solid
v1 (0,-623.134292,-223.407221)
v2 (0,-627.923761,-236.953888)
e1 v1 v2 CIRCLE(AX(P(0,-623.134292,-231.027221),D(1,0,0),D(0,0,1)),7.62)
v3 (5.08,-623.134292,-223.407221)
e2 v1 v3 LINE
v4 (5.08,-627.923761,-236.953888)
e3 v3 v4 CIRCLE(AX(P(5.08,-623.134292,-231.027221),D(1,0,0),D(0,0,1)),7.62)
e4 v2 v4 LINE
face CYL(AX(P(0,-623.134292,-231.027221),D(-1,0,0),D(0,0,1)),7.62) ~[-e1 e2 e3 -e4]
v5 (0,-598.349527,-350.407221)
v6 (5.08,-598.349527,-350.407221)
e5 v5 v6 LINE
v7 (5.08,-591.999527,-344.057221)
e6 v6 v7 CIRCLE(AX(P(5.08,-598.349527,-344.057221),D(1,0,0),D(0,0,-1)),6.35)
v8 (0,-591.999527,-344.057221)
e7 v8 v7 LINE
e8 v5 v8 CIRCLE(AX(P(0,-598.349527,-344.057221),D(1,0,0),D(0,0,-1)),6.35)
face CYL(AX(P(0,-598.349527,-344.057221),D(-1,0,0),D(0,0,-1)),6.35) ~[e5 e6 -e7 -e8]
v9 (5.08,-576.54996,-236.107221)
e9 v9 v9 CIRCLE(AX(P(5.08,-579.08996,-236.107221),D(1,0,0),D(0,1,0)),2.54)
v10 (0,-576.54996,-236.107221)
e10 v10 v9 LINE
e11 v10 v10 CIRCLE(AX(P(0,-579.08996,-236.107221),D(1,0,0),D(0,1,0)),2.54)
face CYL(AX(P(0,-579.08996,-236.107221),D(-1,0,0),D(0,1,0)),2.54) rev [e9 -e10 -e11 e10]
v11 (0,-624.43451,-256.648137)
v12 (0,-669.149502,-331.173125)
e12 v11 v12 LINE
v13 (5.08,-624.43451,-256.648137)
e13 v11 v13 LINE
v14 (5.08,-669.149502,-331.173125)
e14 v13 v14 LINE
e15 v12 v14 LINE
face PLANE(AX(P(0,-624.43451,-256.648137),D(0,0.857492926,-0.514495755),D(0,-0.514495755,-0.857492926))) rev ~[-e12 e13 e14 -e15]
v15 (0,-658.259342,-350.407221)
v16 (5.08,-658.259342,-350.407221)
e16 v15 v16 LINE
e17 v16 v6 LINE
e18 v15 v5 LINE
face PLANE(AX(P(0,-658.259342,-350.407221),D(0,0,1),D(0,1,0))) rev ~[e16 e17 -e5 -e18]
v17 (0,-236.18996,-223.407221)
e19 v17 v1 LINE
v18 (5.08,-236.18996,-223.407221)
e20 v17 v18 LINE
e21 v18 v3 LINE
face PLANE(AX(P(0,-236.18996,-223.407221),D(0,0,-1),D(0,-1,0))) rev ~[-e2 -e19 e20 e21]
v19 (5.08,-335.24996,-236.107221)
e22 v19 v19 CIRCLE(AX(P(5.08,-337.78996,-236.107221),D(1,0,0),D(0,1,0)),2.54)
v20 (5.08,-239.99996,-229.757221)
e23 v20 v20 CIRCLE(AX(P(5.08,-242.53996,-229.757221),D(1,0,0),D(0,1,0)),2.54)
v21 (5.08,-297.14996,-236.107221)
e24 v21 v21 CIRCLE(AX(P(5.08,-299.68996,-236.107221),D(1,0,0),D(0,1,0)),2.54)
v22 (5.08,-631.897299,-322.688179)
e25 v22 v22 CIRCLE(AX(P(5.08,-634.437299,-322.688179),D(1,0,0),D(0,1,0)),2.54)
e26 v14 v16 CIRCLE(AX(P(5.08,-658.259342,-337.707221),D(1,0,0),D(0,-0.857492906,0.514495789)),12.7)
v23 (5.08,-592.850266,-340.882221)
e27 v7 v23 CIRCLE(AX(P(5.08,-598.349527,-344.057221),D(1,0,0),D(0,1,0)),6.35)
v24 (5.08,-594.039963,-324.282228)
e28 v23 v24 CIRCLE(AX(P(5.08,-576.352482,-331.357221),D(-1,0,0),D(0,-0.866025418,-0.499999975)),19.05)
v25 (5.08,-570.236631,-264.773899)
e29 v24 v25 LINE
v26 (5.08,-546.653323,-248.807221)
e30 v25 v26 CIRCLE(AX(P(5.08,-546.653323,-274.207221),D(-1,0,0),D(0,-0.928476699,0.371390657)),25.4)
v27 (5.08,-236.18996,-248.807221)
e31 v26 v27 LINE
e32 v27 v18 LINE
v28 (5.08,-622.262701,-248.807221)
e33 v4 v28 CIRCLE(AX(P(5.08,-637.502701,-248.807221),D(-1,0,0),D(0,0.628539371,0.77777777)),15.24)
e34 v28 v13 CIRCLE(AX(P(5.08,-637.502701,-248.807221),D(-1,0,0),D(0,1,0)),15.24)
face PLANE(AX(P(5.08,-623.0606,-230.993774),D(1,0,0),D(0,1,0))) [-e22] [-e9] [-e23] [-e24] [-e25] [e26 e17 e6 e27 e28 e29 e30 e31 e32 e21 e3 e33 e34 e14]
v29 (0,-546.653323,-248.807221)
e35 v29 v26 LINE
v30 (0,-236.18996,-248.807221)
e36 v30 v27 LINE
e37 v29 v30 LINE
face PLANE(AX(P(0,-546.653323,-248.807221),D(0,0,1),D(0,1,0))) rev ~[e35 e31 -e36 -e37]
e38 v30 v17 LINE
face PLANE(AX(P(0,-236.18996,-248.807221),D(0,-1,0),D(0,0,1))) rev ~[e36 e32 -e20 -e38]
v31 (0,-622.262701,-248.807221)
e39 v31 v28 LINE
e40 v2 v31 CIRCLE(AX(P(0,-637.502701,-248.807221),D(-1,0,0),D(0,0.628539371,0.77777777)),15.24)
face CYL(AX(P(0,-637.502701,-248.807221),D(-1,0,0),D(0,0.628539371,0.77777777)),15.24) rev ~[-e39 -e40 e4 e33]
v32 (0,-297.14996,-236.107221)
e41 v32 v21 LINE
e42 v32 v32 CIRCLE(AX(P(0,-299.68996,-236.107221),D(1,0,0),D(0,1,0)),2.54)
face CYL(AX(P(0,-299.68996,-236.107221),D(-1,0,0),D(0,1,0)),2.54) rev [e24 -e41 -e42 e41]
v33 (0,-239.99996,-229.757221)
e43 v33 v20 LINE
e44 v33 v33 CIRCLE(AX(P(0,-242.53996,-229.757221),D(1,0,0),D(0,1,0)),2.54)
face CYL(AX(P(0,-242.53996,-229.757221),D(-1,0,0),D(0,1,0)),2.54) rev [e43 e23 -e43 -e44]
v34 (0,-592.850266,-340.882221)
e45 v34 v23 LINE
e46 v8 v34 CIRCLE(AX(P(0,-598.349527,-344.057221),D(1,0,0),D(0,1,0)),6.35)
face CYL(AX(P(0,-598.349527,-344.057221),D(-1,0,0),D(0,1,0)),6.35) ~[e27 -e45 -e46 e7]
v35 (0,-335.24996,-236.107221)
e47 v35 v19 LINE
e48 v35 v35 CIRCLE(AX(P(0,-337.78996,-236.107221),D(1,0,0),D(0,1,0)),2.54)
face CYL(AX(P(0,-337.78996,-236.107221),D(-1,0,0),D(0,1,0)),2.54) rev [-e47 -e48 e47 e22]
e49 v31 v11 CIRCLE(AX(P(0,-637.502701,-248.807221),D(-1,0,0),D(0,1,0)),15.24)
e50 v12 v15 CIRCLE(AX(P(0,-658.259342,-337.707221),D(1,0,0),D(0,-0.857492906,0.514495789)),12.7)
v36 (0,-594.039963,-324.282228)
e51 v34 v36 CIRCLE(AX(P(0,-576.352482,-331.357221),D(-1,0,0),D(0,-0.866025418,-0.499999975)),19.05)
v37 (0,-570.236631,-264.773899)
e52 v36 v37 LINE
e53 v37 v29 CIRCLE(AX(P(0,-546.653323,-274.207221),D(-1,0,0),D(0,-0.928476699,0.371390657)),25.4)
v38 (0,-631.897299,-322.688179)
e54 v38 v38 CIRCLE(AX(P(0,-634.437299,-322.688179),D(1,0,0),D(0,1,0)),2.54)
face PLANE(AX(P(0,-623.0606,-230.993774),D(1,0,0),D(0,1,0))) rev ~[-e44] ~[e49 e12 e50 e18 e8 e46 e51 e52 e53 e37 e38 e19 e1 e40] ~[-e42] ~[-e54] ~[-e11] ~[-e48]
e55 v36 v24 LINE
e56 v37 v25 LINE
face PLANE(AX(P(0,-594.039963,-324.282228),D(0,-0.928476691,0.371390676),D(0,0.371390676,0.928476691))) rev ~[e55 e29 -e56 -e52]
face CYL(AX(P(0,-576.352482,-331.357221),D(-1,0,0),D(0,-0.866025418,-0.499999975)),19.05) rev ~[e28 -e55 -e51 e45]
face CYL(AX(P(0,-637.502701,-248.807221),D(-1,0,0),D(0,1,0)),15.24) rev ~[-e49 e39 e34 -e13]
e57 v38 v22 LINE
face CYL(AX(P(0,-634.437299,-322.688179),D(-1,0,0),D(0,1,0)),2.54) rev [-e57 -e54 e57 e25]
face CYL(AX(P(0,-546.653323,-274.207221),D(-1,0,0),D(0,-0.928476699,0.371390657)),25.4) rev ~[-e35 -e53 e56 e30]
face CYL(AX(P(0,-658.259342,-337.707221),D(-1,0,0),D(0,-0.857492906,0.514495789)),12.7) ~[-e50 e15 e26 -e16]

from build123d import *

# Parameters (mm, degrees)
F0_W     = 50.8
F0_H     = 25.4
F0_R     = 2.54
F0_W_2   = 38.1
F1_DEPTH = 5.08


with BuildPart() as f1:
    # F0 (on Right) → F1 (new body)
    with BuildSketch(Plane.YZ):
        with BuildLine():
            ThreePointArc((-615.5142915583, -231.0272213361), (-617.7461378856, -225.6390676635), (-623.1342915583, -223.4072213361))
            ThreePointArc((-623.1342915583, -223.4072213361), (-630.3184964873, -228.4872214272), (-627.9237613392, -236.9538881242))
            ThreePointArc((-627.9237613392, -236.9538881242), (-619.8503426953, -237.9032725187), (-615.5142915583, -231.0272213361))
        make_face()
        with BuildLine():
            Line((-603.4584249114, -347.8283836734), (-604.4899599765, -350.4072213361))
            Line((-604.4899599765, -350.4072213361), (-598.3495273174, -350.4072213361))
            ThreePointArc((-598.3495273174, -350.4072213361), (-601.2109621986, -349.7259681483), (-603.4584249114, -347.8283836734))
        make_face()
        with Locations((-261.5899599765, -236.1072213361)):
            Rectangle(F0_W, F0_H)
        with Locations((-242.5399599765, -229.7572213361)):
            Circle(F0_R, mode=Mode.SUBTRACT)
        with BuildLine():
            ThreePointArc((-645.5593421636, -337.7072213361), (-654.8692854334, -325.4680418144), (-669.1495020637, -331.1731248149))
            ThreePointArc((-669.1495020637, -331.1731248149), (-669.3108811021, -343.9644960696), (-658.2593421636, -350.4072213361))
            ThreePointArc((-658.2593421636, -350.4072213361), (-649.2790860425, -346.6874774572), (-645.5593421636, -337.7072213361))
        make_face()
        Polygon((-553.6899599765, -223.4072213361), (-604.4899599765, -223.4072213361), (-604.4899599765, -248.8072213361), (-563.8499599765, -248.8072213361), align=None)
        with Locations((-579.0899599765, -236.1072213361)):
            Circle(F0_R, mode=Mode.SUBTRACT)
        with Locations((-306.0399599765, -236.1072213361)):
            Rectangle(F0_W_2, F0_H)
        with Locations((-299.6899599765, -236.1072213361)):
            Circle(F0_R, mode=Mode.SUBTRACT)
        with BuildLine():
            Line((-546.6533227562, -248.8072213361), (-563.8499599765, -248.8072213361))
            Line((-563.8499599765, -248.8072213361), (-570.2366308991, -264.7738986426))
            ThreePointArc((-570.2366308991, -264.7738986426), (-560.8932947292, -253.1743138289), (-546.6533227562, -248.8072213361))
        make_face()
        with BuildLine():
            Line((-624.4345095354, -256.6481372677), (-604.4899599765, -223.4072213361))
            Line((-604.4899599765, -223.4072213361), (-623.1342915583, -223.4072213361))
            ThreePointArc((-623.1342915583, -223.4072213361), (-617.7461378856, -225.6390676635), (-615.5142915583, -231.0272213361))
            ThreePointArc((-615.5142915583, -231.0272213361), (-619.8503426953, -237.9032725187), (-627.9237613392, -236.9538881242))
            ThreePointArc((-627.9237613392, -236.9538881242), (-623.7505988619, -242.2393238717), (-622.262701352, -248.8072213361))
            ThreePointArc((-622.262701352, -248.8072213361), (-622.8156859424, -252.875289472), (-624.4345095354, -256.6481372677))
        make_face()
        with BuildLine():
            ThreePointArc((-592.8502662757, -340.8822208645), (-595.3537457832, -332.7190131593), (-594.0399626484, -324.2822280158))
            Line((-594.0399626484, -324.2822280158), (-599.4482722391, -337.8030019926))
            ThreePointArc((-599.4482722391, -337.8030019926), (-595.6640976039, -338.3030083357), (-592.8502662757, -340.8822208645))
        make_face()
        Polygon((-325.0899599765, -223.4072213361), (-553.6899599765, -223.4072213361), (-563.8499599765, -248.8072213361), (-546.6533227562, -248.8072213361), (-325.0899599765, -248.8072213361), align=None)
        with Locations((-337.7899599765, -236.1072213361)):
            Circle(F0_R, mode=Mode.SUBTRACT)
        with BuildLine():
            ThreePointArc((-592.8502662757, -340.8822208645), (-595.6640976039, -338.3030083357), (-599.4482722391, -337.8030019926))
            Line((-599.4482722391, -337.8030019926), (-603.4584249114, -347.8283836734))
            ThreePointArc((-603.4584249114, -347.8283836734), (-601.2109621986, -349.7259681483), (-598.3495273174, -350.4072213361))
            ThreePointArc((-598.3495273174, -350.4072213361), (-593.8593992569, -348.5473493967), (-591.9995273174, -344.0572213361))
            ThreePointArc((-591.9995273174, -344.0572213361), (-592.215898391, -342.4137201367), (-592.8502662757, -340.8822208645))
        make_face()
        with BuildLine():
            Line((-604.4899599765, -248.8072213361), (-604.4899599765, -223.4072213361))
            Line((-604.4899599765, -223.4072213361), (-624.4345095354, -256.6481372677))
            Line((-624.4345095354, -256.6481372677), (-669.1495020637, -331.1731248149))
            ThreePointArc((-669.1495020637, -331.1731248149), (-654.8692854334, -325.4680418144), (-645.5593421636, -337.7072213361))
            ThreePointArc((-645.5593421636, -337.7072213361), (-649.2790860425, -346.6874774572), (-658.2593421636, -350.4072213361))
            Line((-658.2593421636, -350.4072213361), (-604.4899599765, -350.4072213361))
            Line((-604.4899599765, -350.4072213361), (-603.4584249114, -347.8283836734))
            ThreePointArc((-603.4584249114, -347.8283836734), (-604.2453543046, -341.6988905413), (-599.4482722391, -337.8030019926))
            Line((-599.4482722391, -337.8030019926), (-594.0399626484, -324.2822280158))
            Line((-594.0399626484, -324.2822280158), (-570.2366308991, -264.7738986426))
            Line((-570.2366308991, -264.7738986426), (-563.8499599765, -248.8072213361))
            Line((-563.8499599765, -248.8072213361), (-604.4899599765, -248.8072213361))
        make_face()
        with Locations((-634.4372987192, -322.688178617)):
            Circle(F0_R, mode=Mode.SUBTRACT)
        with BuildLine():
            Line((-603.4584249114, -347.8283836734), (-599.4482722391, -337.8030019926))
            ThreePointArc((-599.4482722391, -337.8030019926), (-604.2453543046, -341.6988905413), (-603.4584249114, -347.8283836734))
        make_face()
    extrude(amount=F1_DEPTH)


solid = f1.part
